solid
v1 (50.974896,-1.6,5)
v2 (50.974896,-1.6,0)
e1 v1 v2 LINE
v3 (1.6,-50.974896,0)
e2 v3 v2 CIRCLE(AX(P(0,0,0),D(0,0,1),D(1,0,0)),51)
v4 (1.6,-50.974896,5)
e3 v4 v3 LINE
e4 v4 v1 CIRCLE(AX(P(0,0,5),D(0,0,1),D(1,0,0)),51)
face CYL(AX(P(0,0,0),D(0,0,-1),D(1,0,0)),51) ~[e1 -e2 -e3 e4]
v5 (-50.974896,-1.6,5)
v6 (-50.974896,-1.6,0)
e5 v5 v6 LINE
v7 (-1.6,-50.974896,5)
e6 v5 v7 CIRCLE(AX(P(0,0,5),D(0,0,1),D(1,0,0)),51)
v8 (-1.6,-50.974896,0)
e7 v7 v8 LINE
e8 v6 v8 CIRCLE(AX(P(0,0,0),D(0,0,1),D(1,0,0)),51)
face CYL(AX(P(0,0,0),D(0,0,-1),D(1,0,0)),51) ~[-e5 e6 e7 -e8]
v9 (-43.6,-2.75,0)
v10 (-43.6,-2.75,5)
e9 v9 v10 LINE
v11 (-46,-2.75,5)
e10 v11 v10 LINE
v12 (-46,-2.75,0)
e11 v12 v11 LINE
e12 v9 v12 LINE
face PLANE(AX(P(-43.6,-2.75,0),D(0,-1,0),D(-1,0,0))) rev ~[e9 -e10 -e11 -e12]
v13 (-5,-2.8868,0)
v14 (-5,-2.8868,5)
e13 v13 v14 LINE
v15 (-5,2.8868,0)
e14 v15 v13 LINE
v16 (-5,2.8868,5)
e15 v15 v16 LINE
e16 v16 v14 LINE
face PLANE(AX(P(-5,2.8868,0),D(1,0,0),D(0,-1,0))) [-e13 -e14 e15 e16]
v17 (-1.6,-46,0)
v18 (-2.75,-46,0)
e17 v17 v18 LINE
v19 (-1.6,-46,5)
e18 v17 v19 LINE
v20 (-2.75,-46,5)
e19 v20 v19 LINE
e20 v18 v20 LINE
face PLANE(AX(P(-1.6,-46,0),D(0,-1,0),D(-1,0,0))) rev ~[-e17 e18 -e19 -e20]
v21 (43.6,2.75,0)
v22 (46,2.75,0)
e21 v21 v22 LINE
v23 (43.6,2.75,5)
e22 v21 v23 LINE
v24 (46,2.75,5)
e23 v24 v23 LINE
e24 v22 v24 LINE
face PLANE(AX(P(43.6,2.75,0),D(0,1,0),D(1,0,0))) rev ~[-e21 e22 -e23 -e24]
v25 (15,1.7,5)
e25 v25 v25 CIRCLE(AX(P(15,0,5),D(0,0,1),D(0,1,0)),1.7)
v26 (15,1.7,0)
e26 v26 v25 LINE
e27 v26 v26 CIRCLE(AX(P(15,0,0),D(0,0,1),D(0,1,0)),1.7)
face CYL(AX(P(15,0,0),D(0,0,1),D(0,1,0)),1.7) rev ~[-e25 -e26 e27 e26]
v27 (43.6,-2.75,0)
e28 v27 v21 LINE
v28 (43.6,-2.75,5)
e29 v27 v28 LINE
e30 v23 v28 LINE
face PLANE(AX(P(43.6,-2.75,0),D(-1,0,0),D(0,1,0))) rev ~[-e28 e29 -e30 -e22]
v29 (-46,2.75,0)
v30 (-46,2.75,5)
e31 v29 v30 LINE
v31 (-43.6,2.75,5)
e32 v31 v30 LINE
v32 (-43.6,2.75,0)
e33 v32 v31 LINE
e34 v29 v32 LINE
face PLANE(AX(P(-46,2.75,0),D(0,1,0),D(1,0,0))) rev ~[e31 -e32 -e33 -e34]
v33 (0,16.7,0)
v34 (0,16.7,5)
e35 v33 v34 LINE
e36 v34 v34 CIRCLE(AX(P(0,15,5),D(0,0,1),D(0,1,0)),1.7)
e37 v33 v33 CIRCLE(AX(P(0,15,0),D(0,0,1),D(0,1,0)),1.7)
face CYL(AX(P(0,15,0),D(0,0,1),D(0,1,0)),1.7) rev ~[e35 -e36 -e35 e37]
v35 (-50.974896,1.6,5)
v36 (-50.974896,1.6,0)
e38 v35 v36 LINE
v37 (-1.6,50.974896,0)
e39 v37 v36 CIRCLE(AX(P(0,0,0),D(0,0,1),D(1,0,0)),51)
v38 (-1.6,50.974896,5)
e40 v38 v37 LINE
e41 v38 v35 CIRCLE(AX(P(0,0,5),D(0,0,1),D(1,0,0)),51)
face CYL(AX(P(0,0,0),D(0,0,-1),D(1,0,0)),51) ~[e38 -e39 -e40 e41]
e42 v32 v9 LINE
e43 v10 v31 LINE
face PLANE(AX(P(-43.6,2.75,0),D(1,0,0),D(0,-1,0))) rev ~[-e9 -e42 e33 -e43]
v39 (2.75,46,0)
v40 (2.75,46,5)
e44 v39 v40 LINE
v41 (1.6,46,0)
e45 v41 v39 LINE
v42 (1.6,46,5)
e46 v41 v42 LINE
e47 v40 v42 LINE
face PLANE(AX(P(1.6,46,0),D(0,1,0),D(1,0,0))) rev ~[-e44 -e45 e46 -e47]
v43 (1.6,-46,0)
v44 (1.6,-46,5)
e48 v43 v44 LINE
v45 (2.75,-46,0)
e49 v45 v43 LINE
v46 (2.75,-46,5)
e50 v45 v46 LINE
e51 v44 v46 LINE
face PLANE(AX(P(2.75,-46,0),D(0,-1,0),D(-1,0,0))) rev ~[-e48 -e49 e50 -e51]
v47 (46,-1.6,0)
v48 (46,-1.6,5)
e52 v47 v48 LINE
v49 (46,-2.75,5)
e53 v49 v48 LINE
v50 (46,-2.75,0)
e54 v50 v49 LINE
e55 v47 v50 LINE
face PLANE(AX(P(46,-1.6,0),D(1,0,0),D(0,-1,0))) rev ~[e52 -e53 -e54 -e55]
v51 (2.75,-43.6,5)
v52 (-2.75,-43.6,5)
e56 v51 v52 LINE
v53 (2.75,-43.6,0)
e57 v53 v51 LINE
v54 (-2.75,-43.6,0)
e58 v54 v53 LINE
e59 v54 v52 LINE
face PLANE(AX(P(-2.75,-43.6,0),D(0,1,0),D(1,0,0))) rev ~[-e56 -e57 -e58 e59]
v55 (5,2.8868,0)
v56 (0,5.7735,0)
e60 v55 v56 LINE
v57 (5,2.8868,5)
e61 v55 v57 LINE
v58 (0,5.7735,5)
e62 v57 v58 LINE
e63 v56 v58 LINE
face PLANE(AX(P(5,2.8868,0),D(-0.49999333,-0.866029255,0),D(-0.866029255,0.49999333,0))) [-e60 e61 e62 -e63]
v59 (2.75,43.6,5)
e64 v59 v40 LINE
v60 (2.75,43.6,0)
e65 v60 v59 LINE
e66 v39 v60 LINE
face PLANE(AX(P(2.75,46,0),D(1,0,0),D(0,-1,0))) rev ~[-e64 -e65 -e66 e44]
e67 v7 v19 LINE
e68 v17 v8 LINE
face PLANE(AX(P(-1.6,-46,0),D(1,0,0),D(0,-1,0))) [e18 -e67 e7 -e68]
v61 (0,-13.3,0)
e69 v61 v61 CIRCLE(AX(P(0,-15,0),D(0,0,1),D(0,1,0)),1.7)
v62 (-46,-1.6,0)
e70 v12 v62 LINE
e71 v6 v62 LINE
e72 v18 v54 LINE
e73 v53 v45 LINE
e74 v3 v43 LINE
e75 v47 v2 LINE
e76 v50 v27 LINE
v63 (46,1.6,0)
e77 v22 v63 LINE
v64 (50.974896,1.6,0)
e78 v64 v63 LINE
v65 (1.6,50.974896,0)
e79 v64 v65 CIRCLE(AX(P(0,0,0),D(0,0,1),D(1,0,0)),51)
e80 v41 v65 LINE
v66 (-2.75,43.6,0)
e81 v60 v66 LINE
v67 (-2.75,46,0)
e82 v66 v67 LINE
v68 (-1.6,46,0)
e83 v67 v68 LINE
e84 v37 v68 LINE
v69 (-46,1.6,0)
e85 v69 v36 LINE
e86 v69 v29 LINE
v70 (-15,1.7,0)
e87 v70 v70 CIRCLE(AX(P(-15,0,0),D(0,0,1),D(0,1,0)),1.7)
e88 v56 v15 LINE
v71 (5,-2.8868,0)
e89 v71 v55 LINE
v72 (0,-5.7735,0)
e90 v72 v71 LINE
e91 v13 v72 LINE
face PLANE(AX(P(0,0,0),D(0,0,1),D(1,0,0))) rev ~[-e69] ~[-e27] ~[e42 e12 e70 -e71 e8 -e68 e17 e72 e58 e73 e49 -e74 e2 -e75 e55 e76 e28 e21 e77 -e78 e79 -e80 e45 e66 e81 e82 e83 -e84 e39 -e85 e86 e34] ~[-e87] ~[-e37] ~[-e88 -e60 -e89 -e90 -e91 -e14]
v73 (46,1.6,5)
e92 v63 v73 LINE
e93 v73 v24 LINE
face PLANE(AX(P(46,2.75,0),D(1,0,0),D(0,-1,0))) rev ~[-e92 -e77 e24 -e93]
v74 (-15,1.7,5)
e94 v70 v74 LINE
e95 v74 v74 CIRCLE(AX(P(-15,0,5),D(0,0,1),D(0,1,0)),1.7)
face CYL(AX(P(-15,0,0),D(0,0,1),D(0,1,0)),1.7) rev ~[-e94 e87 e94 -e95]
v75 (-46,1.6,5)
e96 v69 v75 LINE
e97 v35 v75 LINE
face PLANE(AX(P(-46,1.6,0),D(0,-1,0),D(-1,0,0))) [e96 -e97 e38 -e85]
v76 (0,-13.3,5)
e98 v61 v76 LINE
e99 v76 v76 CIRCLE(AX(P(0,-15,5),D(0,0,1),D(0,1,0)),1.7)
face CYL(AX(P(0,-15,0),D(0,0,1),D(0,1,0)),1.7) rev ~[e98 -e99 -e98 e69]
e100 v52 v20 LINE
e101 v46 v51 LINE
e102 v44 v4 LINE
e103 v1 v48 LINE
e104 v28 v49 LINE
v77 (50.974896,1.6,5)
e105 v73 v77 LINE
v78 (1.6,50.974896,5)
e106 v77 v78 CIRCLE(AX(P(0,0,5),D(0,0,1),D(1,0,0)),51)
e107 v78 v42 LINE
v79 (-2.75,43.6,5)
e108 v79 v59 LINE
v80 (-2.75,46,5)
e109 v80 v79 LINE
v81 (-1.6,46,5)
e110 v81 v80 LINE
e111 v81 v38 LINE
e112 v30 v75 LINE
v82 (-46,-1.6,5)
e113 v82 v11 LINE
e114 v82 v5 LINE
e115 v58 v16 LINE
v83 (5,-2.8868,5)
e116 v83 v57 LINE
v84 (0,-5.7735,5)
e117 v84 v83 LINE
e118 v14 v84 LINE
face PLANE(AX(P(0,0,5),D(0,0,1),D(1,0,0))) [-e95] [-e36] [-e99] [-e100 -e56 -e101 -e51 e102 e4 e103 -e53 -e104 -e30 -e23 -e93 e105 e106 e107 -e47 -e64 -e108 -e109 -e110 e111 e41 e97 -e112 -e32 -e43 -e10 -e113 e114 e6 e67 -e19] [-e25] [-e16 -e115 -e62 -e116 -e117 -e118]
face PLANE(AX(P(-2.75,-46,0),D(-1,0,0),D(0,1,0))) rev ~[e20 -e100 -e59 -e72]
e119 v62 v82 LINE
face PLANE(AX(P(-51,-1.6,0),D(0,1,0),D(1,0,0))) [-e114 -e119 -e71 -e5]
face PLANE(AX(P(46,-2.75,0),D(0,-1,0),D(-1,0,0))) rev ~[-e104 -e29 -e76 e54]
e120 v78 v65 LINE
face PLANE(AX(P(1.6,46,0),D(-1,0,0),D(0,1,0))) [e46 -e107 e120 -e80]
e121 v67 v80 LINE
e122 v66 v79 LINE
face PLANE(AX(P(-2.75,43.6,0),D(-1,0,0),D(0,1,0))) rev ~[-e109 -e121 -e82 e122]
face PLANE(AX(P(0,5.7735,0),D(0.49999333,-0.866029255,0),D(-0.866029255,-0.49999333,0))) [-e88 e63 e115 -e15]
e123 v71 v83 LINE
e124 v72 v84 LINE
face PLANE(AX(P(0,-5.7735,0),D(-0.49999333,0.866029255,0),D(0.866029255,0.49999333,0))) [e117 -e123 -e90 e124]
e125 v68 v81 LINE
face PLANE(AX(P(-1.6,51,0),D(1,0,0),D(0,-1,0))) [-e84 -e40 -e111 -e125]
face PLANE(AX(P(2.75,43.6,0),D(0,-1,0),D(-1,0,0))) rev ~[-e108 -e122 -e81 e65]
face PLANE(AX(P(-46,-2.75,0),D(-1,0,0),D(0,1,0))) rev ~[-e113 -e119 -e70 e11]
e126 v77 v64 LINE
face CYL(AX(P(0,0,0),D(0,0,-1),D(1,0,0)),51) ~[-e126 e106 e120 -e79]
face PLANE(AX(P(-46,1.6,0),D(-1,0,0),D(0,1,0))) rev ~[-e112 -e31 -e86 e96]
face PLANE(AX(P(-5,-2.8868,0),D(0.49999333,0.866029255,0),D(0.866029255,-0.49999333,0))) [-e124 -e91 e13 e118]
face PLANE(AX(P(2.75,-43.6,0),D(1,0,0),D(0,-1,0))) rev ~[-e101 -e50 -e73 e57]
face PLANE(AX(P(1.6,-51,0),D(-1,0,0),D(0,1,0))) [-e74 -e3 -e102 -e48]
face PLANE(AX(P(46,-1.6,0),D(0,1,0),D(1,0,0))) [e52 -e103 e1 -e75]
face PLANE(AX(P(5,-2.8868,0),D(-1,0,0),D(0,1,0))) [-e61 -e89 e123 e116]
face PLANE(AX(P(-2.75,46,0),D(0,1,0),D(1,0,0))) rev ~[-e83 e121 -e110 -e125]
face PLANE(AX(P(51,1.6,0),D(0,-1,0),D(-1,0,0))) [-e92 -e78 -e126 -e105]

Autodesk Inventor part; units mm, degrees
ref_plane "YZ Plane" through (0, 0, 0) normal (1, 0, 0) x (0, 1, 0)
ref_plane "XZ Plane" through (0, 0, 0) normal (0, 1, 0) x (-1, 0, 0)
ref_plane "XY Plane" through (0, 0, 0) normal (0, 0, 1) x (1, 0, 0)
sketch "Sketch1" plane through (0, 0, 0) normal (0, 0, 1) x (1, 0, 0)
  circle A0 centre (0, 0) radius 51
  dimension "d0" = 102
extrude "Extrusion1" add sketch "Sketch1" along normal blind 5
sketch "Sketch2" plane through (0, 0, 0) normal (0, 0, -1) x (-1, 0, 0)
  line L0 (0, 5.7735) -> (5, 2.8868)
  line L1 (5, 2.8868) -> (5, -2.8868)
  line L2 (5, -2.8868) -> (0, -5.7735)
  line L3 (0, -5.7735) -> (-5, -2.8868)
  line L4 (-5, -2.8868) -> (-5, 2.8868)
  line L5 (-5, 2.8868) -> (0, 5.7735)
  point P0 (0, 0)
  point P1 (0, 0)
  dimension "d3" = 10
extrude "Extrusion2" cut sketch "Sketch2" against normal blind 5
sketch "Sketch3" plane through (0, 0, 0) normal (0, 0, -1) x (-1, 0, 0)
  circle A0 centre (0, 0) radius 15 construction
  point P0 (0, 15)
  point P1 (15, 0)
  point P2 (0, -15)
  point P3 (-15, 0)
  dimension "d6" = 30
hole "Hole1" at (0, 15, 0) at (-15, 0, 0) at (0, -15, 0) at (15, 0, 0) direction (0, 0, 1) diameter 3.4 depth 8 tip angle 118 clearance for "Countersunk Flat Head Screw DIN EN ISO 2009" size "M3" standard "DIN"
sketch "Sketch4" plane through (0, 0, 0) normal (0, 0, -1) x (-1, 0, 0)
  line L0 (-1.6, 51) -> (1.6, 51)
  line L1 (1.6, 51) -> (1.6, 46)
  line L2 (1.6, 46) -> (-2.75, 46)
  line L3 (-2.75, 46) -> (-2.75, 43.6)
  line L4 (-2.75, 43.6) -> (2.75, 43.6)
  line L5 (2.75, 43.6) -> (2.75, 46)
  line L6 (2.75, 46) -> (-1.6, 46)
  line L7 (-1.6, 46) -> (-1.6, 51)
  line L8 (-51, -1.6) -> (-51, 1.6)
  line L9 (-51, 1.6) -> (-46, 1.6)
  line L10 (-46, 1.6) -> (-46, -2.75)
  line L11 (-46, -2.75) -> (-43.6, -2.75)
  line L12 (-43.6, -2.75) -> (-43.6, 2.75)
  line L13 (-43.6, 2.75) -> (-46, 2.75)
  line L14 (-46, 2.75) -> (-46, -1.6)
  line L15 (-46, -1.6) -> (-51, -1.6)
  line L16 (1.6, -51) -> (-1.6, -51)
  line L17 (-1.6, -51) -> (-1.6, -46)
  line L18 (-1.6, -46) -> (2.75, -46)
  line L19 (2.75, -46) -> (2.75, -43.6)
  line L20 (2.75, -43.6) -> (-2.75, -43.6)
  line L21 (-2.75, -43.6) -> (-2.75, -46)
  line L22 (-2.75, -46) -> (1.6, -46)
  line L23 (1.6, -46) -> (1.6, -51)
  line L24 (51, 1.6) -> (51, -1.6)
  line L25 (51, -1.6) -> (46, -1.6)
  line L26 (46, -1.6) -> (46, 2.75)
  line L27 (46, 2.75) -> (43.6, 2.75)
  line L28 (43.6, 2.75) -> (43.6, -2.75)
  line L29 (43.6, -2.75) -> (46, -2.75)
  line L30 (46, -2.75) -> (46, 1.6)
  line L31 (46, 1.6) -> (51, 1.6)
  point P0 (0, 0)
  point P1 (0, 43.6)
  point P2 (0, 51)
  point P3 (-51, 0)
  point P4 (-43.6, 0)
  point P5 (0, -51)
  point P6 (0, -43.6)
  point P7 (51, 0)
  point P8 (43.6, 0)
  dimension "d14" = 5
  dimension "d15" = 2.4
  dimension "d16" = 5.5
  dimension "d17" = 3.2
  dimension "d18" = 51
  dimension "d21" = 360
extrude "Extrusion3" cut sketch "Sketch4" against normal through all
properties part number "PlexiHalter1" material "Polycarbonate, Clear"
